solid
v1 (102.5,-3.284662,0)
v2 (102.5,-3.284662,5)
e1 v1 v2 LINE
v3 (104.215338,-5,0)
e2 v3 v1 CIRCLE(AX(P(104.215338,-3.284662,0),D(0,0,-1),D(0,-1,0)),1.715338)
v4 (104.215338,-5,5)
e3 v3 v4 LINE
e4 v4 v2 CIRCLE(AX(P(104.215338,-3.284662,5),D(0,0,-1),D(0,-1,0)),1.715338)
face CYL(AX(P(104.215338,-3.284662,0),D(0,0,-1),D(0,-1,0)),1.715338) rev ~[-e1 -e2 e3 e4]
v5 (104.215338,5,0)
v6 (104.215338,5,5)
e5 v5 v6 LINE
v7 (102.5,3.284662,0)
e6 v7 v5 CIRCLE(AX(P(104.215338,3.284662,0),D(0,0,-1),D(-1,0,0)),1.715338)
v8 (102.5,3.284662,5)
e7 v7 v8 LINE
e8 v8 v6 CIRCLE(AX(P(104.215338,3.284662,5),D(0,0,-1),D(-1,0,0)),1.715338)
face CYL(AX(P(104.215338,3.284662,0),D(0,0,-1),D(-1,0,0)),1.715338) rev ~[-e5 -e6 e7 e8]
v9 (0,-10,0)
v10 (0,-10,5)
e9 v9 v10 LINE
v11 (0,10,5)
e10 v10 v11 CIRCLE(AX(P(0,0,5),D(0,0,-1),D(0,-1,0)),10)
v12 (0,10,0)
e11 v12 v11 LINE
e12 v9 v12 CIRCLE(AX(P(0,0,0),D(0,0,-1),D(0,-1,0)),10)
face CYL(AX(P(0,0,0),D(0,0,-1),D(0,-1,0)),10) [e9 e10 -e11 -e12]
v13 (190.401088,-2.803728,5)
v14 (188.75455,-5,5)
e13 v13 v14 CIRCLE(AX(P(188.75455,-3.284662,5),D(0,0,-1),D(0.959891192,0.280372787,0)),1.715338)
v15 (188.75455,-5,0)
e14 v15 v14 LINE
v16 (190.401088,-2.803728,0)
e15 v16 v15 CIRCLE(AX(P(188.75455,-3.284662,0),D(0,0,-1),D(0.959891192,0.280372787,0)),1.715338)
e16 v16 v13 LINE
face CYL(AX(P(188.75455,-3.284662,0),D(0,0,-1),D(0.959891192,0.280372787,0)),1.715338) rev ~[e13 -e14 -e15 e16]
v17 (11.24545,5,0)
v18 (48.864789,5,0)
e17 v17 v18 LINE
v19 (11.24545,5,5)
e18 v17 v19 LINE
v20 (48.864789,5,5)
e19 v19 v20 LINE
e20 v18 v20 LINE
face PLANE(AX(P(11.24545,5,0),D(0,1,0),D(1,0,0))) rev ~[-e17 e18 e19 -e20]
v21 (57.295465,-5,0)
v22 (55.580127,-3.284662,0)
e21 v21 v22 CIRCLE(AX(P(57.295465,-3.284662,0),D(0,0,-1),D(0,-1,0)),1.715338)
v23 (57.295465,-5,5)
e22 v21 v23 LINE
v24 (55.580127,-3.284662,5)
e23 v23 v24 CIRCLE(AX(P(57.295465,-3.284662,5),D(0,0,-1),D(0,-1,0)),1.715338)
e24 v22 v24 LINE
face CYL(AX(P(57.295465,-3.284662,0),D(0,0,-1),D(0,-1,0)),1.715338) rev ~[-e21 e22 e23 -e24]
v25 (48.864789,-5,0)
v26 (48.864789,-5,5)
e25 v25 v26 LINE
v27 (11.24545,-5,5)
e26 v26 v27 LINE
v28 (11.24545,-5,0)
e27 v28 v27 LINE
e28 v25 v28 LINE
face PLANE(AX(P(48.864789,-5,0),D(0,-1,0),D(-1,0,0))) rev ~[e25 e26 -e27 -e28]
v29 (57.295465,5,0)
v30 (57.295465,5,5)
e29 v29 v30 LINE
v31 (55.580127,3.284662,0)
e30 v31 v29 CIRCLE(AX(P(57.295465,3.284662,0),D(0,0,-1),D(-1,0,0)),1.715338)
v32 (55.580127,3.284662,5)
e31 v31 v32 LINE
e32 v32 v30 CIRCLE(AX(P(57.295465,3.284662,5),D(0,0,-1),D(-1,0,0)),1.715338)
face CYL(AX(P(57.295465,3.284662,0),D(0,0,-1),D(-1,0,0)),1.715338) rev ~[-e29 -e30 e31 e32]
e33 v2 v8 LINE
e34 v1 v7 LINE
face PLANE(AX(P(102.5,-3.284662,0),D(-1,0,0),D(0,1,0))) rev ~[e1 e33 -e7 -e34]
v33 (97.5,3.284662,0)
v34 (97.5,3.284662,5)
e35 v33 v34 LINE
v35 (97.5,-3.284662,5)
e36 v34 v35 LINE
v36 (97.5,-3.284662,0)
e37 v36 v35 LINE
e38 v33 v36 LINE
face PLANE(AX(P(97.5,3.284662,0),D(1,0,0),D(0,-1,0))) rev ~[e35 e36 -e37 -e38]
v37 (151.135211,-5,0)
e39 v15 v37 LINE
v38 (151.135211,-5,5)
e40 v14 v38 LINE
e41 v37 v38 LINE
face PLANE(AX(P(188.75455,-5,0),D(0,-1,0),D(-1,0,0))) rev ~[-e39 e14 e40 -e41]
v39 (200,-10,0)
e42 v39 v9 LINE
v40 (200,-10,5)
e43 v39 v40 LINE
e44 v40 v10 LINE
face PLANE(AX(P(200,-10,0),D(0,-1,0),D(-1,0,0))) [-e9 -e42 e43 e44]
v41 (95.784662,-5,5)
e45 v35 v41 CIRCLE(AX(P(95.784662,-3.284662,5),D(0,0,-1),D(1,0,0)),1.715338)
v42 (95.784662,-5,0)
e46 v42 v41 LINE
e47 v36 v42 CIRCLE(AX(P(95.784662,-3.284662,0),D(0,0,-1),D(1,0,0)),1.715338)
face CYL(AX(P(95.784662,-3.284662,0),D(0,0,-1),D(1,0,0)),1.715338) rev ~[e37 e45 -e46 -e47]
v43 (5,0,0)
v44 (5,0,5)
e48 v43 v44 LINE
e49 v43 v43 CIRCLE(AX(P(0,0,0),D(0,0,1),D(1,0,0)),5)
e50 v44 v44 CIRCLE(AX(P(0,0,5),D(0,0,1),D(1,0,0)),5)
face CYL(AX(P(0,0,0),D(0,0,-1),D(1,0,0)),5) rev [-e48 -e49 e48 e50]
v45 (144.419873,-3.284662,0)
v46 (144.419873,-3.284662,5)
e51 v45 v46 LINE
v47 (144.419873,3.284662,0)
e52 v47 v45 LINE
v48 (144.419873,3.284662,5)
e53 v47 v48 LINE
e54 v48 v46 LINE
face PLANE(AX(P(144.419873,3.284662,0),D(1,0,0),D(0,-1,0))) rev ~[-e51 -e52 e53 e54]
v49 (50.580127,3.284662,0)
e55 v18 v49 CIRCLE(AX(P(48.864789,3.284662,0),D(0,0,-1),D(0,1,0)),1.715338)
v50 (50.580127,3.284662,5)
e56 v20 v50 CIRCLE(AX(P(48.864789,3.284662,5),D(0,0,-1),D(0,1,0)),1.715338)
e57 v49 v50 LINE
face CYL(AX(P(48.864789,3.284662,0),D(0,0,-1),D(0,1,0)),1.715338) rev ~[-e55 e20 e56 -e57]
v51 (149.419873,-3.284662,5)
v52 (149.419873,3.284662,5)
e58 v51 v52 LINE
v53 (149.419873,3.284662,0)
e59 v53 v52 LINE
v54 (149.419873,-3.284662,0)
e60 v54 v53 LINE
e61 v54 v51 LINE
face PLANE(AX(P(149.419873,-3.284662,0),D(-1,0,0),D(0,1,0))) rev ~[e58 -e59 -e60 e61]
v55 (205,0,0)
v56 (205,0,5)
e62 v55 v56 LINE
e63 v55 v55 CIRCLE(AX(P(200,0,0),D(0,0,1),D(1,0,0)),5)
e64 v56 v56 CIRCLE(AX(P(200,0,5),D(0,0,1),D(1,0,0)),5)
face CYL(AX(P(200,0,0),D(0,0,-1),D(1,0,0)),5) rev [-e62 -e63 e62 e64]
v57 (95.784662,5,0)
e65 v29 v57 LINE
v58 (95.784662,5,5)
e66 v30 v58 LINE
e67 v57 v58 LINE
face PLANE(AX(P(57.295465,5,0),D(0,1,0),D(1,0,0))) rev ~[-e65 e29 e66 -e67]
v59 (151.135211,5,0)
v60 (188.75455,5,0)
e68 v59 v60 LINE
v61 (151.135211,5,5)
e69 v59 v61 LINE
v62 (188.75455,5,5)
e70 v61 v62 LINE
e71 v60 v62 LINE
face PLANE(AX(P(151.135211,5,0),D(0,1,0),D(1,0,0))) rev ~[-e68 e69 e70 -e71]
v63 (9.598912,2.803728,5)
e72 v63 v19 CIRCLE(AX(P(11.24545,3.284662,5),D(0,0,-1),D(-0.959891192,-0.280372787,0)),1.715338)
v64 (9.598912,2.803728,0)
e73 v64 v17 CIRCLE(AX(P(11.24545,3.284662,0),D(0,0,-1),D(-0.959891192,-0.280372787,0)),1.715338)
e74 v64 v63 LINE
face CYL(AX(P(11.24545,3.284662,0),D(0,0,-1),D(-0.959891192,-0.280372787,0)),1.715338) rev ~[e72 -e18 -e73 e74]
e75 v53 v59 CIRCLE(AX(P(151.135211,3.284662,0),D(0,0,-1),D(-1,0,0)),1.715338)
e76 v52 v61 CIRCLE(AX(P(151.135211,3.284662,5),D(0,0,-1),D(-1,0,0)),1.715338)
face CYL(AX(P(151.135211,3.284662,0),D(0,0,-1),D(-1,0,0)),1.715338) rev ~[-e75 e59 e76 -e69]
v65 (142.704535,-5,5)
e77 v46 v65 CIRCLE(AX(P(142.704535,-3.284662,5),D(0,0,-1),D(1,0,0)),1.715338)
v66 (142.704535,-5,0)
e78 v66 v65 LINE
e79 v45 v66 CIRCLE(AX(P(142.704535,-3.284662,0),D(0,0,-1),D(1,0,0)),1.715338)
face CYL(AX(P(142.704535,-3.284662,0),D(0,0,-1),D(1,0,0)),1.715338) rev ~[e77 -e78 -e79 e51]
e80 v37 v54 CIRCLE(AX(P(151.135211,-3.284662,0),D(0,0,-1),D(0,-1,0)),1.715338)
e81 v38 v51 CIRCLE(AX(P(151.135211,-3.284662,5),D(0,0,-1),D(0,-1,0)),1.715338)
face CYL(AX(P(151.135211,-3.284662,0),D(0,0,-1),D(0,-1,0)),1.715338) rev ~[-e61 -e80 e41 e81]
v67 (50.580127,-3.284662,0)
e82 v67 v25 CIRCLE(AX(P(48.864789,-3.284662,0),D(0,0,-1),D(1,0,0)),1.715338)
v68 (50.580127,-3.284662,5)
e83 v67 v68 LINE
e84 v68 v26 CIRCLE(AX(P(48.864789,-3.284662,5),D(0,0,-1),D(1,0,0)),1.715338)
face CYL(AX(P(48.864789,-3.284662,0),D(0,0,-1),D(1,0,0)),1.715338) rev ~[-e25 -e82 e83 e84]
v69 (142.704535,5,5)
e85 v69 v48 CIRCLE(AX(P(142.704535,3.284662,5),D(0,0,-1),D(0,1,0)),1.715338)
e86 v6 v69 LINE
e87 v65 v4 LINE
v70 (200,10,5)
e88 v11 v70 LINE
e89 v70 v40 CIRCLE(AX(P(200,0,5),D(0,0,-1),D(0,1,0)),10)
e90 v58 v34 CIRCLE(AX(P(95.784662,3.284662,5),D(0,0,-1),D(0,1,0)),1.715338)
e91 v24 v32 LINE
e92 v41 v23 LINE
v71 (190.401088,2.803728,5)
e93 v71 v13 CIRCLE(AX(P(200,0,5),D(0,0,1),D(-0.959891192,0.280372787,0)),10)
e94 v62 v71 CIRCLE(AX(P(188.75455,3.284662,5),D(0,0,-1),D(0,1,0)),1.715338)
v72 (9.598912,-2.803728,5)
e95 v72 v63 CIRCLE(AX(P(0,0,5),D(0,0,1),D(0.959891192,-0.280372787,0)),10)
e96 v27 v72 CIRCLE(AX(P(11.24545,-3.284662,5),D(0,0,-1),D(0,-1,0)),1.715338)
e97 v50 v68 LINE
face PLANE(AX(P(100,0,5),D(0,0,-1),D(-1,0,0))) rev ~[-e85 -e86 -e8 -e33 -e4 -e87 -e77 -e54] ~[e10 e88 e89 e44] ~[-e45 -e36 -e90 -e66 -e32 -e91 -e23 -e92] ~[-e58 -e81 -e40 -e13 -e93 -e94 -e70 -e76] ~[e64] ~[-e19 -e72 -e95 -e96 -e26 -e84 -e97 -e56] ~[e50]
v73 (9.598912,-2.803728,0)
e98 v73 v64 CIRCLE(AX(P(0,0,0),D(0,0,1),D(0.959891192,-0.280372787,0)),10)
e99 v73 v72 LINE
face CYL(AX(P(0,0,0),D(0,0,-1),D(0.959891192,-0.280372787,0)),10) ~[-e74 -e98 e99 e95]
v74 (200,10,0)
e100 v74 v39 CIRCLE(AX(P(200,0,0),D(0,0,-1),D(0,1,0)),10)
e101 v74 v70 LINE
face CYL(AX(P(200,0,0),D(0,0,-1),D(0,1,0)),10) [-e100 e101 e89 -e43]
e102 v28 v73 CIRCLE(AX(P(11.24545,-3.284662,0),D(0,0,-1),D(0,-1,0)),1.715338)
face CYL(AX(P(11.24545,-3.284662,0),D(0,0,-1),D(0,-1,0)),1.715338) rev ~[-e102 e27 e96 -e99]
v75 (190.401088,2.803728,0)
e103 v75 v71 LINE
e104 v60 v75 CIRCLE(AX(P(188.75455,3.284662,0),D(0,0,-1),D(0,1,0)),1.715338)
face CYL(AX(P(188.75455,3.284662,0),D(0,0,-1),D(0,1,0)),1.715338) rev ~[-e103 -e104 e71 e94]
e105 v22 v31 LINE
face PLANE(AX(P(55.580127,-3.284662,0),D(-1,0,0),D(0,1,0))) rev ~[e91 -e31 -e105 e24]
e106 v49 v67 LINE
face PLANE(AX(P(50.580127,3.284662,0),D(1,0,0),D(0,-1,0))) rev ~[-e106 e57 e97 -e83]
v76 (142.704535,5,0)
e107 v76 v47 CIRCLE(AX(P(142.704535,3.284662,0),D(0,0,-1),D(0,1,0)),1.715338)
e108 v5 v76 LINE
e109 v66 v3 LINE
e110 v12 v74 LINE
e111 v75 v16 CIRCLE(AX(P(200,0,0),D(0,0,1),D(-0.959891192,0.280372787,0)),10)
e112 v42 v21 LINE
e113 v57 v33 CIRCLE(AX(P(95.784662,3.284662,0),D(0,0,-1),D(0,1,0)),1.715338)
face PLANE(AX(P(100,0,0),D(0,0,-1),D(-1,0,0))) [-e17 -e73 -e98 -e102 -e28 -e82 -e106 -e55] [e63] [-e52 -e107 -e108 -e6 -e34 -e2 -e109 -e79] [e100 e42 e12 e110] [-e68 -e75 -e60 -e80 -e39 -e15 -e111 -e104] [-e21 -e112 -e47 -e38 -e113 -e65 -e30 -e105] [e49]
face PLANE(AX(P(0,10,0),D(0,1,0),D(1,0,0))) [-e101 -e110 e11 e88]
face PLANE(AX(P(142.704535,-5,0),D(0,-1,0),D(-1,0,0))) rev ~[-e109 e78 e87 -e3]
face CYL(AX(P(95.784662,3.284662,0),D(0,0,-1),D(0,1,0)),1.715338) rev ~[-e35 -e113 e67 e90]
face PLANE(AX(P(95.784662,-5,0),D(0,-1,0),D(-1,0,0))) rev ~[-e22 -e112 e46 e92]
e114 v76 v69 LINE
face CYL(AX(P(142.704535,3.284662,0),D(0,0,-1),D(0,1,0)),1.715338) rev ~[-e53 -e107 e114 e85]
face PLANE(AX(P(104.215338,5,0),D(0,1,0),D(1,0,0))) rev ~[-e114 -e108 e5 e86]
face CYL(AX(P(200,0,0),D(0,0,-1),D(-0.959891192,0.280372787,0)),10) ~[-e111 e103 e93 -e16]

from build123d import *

# Parameters (mm, degrees)
SKETCH_1_R      = 5
EXTRUDE_1_DEPTH = 5


with BuildPart() as part:
    # 草图1 → 凸台-拉伸1 (new body)
    with BuildSketch(Plane.XY):
        with BuildLine():
            Line((0, 10), (200, 10))
            ThreePointArc((200, 10), (210, 0), (200, -10))
            Line((200, -10), (0, -10))
            ThreePointArc((0, -10), (-10, 0), (0, 10))
        make_face()
        Circle(SKETCH_1_R, mode=Mode.SUBTRACT)
        with Locations((200, 0)):
            Circle(SKETCH_1_R, mode=Mode.SUBTRACT)
        with BuildLine():
            Line((11.245449786, 5), (48.864788989, 5))
            ThreePointArc((48.864788989, 5), (50.077716142, 4.497589123), (50.580127019, 3.28466197))
            Line((50.580127019, 3.28466197), (50.580127019, 0))
            Line((50.580127019, 0), (50.580127019, -3.28466197))
            ThreePointArc((50.580127019, -3.28466197), (50.077716142, -4.497589123), (48.864788989, -5))
            Line((48.864788989, -5), (11.245449786, -5))
            ThreePointArc((11.245449786, -5), (9.872979547, -4.313598314), (9.59891192, -2.803727867))
            ThreePointArc((9.59891192, -2.803727867), (10, 0), (9.59891192, 2.803727867))
            ThreePointArc((9.59891192, 2.803727867), (9.872979547, 4.313598314), (11.245449786, 5))
        make_face(mode=Mode.SUBTRACT)
        with BuildLine():
            Line((188.754550214, -5), (151.135211011, -5))
            ThreePointArc((151.135211011, -5), (149.922283858, -4.497589123), (149.419872981, -3.28466197))
            Line((149.419872981, -3.28466197), (149.419872981, 0))
            Line((149.419872981, 0), (149.419872981, 3.28466197))
            ThreePointArc((149.419872981, 3.28466197), (149.922283858, 4.497589123), (151.135211011, 5))
            Line((151.135211011, 5), (188.754550214, 5))
            ThreePointArc((188.754550214, 5), (190.127020453, 4.313598314), (190.40108808, 2.803727867))
            ThreePointArc((190.40108808, 2.803727867), (190, 0), (190.40108808, -2.803727867))
            ThreePointArc((190.40108808, -2.803727867), (190.127020453, -4.313598314), (188.754550214, -5))
        make_face(mode=Mode.SUBTRACT)
        with BuildLine():
            Line((104.21533803, 5), (142.704534951, 5))
            ThreePointArc((142.704534951, 5), (143.917462104, 4.497589123), (144.419872981, 3.28466197))
            Line((144.419872981, 3.28466197), (144.419872981, 0))
            Line((144.419872981, 0), (144.419872981, -3.28466197))
            ThreePointArc((144.419872981, -3.28466197), (143.917462104, -4.497589123), (142.704534951, -5))
            Line((142.704534951, -5), (104.21533803, -5))
            ThreePointArc((104.21533803, -5), (103.002410877, -4.497589123), (102.5, -3.28466197))
            Line((102.5, -3.28466197), (102.5, 0))
            Line((102.5, 0), (102.5, 3.28466197))
            ThreePointArc((102.5, 3.28466197), (103.002410877, 4.497589123), (104.21533803, 5))
        make_face(mode=Mode.SUBTRACT)
        with BuildLine():
            Line((95.78466197, -5), (57.295465049, -5))
            ThreePointArc((57.295465049, -5), (56.082537896, -4.497589123), (55.580127019, -3.28466197))
            Line((55.580127019, -3.28466197), (55.580127019, 0))
            Line((55.580127019, 0), (55.580127019, 3.28466197))
            ThreePointArc((55.580127019, 3.28466197), (56.082537896, 4.497589123), (57.295465049, 5))
            Line((57.295465049, 5), (95.78466197, 5))
            ThreePointArc((95.78466197, 5), (96.997589123, 4.497589123), (97.5, 3.28466197))
            Line((97.5, 3.28466197), (97.5, 0))
            Line((97.5, 0), (97.5, -3.28466197))
            ThreePointArc((97.5, -3.28466197), (96.997589123, -4.497589123), (95.78466197, -5))
        make_face(mode=Mode.SUBTRACT)
    extrude(amount=EXTRUDE_1_DEPTH)


solid = part.part
